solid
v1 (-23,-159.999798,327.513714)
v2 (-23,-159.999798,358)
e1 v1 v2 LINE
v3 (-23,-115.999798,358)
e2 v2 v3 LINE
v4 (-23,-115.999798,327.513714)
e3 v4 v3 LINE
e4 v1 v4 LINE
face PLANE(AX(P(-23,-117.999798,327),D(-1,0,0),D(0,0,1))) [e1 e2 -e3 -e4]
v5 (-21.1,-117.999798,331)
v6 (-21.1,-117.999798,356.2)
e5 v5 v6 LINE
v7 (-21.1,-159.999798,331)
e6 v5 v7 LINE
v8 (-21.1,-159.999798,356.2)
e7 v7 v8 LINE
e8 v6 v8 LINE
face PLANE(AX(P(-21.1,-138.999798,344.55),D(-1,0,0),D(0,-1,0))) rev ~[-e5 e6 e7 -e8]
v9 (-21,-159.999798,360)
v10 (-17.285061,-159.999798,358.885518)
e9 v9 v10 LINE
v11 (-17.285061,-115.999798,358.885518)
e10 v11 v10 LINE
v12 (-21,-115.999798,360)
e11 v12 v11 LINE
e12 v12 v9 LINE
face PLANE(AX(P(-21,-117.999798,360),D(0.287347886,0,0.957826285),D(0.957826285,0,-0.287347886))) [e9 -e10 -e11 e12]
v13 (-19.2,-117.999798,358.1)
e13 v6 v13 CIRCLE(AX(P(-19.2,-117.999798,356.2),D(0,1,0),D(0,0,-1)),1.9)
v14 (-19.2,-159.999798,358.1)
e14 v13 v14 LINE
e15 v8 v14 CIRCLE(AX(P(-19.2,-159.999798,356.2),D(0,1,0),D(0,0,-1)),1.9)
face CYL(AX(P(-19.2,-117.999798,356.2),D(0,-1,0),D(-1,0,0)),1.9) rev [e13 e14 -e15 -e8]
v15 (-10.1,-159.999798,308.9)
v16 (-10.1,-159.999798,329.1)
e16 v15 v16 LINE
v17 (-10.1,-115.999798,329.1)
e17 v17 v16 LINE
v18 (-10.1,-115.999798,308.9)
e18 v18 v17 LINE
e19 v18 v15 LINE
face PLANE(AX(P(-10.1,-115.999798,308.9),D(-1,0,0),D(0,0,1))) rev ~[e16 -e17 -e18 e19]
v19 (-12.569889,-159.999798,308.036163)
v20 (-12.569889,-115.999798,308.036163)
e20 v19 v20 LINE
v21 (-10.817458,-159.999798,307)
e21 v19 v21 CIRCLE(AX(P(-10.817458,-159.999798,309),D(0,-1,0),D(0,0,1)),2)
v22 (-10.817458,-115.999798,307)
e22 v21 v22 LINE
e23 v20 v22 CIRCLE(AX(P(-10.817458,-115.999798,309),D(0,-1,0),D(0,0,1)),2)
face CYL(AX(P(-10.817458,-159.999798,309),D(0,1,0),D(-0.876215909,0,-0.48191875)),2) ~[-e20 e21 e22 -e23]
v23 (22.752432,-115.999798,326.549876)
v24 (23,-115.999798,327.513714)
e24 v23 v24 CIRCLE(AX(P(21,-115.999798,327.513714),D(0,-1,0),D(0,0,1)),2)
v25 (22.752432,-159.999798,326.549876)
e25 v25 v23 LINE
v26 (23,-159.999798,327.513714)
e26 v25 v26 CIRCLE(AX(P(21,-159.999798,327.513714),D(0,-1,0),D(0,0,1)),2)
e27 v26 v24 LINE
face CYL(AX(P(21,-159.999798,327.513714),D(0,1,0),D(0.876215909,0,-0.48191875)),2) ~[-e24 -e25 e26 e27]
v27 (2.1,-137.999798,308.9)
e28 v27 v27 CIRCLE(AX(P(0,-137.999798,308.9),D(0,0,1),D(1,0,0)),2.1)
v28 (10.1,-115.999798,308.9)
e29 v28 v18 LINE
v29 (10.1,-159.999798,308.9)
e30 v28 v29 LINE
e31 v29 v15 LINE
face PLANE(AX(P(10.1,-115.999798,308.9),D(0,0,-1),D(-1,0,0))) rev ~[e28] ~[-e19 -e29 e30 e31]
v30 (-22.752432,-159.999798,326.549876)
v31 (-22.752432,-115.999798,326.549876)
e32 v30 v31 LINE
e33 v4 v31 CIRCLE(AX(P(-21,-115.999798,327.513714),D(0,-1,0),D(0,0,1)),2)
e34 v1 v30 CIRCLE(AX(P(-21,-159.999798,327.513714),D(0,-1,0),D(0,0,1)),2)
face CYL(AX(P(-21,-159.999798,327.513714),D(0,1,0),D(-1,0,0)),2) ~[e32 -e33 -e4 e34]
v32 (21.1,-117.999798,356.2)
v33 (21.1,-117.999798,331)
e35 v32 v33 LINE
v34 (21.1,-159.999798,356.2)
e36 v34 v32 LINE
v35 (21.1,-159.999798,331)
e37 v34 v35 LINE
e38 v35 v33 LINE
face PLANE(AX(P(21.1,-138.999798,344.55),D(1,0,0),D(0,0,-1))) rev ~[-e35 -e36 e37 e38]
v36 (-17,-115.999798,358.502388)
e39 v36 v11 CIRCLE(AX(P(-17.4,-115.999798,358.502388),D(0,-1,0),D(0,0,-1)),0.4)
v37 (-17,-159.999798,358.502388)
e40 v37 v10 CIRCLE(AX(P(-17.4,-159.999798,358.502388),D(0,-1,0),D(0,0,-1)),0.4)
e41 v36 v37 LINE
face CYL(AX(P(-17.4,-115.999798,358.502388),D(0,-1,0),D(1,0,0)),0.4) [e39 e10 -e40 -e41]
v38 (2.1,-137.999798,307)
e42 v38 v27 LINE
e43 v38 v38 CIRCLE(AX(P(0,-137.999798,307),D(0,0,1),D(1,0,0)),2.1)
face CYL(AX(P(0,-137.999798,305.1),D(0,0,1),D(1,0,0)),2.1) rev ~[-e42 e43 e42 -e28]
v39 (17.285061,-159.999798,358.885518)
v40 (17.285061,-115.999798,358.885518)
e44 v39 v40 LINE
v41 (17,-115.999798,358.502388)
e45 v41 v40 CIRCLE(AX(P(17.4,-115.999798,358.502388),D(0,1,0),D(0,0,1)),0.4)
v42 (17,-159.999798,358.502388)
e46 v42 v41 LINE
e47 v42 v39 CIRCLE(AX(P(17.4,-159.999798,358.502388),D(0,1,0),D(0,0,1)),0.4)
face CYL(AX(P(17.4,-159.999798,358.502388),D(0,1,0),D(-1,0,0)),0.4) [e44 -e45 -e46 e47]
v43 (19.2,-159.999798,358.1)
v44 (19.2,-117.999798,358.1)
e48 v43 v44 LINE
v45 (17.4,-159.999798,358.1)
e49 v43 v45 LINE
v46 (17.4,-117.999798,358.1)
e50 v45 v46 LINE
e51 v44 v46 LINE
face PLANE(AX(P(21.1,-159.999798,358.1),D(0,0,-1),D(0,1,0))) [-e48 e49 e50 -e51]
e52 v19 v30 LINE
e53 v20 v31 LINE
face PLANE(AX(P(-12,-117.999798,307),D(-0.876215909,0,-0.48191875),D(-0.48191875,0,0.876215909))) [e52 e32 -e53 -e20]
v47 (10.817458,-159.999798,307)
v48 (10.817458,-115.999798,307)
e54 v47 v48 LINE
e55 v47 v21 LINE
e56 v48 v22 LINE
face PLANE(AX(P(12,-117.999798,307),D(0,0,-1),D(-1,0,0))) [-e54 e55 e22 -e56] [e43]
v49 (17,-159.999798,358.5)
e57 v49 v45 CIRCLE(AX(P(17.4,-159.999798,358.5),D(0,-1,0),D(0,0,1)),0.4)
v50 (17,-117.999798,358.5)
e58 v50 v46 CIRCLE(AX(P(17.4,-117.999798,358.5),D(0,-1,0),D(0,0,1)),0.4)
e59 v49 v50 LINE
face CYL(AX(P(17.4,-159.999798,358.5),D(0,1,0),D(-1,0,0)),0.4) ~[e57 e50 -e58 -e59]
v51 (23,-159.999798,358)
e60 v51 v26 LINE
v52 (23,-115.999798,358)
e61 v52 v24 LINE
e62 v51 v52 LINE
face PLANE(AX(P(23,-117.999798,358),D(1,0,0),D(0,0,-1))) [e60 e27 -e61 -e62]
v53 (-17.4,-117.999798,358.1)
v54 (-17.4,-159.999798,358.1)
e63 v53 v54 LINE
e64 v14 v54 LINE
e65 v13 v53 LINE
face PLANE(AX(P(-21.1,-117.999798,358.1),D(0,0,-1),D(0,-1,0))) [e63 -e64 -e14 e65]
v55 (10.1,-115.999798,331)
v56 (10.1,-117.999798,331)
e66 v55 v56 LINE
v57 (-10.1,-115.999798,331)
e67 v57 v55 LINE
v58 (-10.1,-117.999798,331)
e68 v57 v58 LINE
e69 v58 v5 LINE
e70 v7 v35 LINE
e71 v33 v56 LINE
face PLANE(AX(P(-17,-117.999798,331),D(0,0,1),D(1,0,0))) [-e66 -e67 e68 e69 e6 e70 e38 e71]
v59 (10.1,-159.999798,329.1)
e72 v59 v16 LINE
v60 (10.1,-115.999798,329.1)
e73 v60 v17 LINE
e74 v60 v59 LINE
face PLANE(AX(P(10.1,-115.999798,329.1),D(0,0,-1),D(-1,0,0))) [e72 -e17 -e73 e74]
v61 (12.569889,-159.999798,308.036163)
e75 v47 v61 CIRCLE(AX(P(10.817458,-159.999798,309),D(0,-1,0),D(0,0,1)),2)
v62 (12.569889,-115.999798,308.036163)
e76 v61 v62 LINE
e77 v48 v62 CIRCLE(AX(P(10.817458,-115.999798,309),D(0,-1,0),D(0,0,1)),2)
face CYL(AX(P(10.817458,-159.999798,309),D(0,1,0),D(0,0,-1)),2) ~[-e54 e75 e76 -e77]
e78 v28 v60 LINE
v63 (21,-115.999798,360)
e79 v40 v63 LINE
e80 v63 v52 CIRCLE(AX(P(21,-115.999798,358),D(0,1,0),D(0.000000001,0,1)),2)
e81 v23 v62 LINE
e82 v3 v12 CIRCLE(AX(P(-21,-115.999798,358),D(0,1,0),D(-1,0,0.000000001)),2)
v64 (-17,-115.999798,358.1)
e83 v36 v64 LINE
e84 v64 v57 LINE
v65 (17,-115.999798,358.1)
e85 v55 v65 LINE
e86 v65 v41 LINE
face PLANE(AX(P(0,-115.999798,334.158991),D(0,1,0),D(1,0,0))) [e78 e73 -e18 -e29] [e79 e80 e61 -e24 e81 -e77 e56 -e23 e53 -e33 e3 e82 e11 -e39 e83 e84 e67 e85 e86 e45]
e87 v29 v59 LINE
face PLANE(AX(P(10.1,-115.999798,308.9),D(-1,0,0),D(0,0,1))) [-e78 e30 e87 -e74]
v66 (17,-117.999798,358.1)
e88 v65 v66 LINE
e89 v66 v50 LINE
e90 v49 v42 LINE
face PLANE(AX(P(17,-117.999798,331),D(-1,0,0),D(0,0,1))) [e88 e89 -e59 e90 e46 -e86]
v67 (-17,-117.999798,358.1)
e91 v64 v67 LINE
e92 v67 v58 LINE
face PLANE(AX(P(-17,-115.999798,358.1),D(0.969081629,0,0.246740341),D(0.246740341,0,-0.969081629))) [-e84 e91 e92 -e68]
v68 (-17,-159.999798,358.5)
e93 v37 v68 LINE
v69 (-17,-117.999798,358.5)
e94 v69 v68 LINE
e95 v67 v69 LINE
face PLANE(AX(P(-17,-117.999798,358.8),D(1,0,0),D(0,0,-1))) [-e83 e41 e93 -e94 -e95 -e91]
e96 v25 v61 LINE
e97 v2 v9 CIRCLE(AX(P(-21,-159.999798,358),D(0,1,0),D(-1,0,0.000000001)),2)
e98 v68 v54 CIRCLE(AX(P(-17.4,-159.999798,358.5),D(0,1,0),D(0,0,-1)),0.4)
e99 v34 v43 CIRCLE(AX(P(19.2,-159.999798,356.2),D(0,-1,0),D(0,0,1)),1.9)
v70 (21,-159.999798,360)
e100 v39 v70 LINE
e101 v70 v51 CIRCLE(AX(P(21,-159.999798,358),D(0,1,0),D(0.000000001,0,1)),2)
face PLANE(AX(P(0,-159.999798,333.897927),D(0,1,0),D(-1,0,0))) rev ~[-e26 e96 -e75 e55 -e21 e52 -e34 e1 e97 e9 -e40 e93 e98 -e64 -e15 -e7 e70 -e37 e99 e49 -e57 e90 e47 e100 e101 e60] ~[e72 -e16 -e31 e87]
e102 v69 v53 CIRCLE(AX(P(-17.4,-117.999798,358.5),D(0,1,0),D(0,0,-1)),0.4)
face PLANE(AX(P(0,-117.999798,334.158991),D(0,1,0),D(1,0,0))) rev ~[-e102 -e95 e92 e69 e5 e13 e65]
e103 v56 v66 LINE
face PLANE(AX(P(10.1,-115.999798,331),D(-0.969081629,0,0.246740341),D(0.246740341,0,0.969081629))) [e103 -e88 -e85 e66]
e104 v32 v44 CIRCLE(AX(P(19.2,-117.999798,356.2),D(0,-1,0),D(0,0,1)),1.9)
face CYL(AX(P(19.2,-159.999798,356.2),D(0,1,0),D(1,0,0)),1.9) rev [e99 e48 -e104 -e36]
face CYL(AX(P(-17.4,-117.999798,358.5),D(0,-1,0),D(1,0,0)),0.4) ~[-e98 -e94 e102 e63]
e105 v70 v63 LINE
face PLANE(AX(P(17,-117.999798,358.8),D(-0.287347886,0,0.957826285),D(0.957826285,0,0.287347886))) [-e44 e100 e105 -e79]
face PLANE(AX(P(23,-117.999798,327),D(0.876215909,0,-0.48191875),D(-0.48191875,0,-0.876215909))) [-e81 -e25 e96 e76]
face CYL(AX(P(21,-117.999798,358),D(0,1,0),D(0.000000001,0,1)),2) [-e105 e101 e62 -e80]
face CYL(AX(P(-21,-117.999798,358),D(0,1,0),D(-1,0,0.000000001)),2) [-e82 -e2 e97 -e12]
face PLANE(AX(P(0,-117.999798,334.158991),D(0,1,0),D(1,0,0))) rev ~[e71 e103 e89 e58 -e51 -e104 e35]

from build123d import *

# Parameters (mm, degrees)
SALIENTE_EXTRUIR1_DEPTH             = 2
SALIENTE_EXTRUIR2_DEPTH             = 42
CORTAR_EXTRUIR1_REACH               = 46.1
CROQUIS3_W                          = 42
CROQUIS3_H                          = 27.1
CORTAR_EXTRUIR2_REACH               = 46.1
CROQUIS4_W                          = 27.1
CROQUIS4_H                          = 42
CROQUIS5_W                          = 20.2
CROQUIS5_H                          = 20.2
CORTAR_EXTRUIR3_DEPTH               = 45
DI_METRO_DE_TALADRO_4_2_4_2_1_D     = 4.2
DI_METRO_DE_TALADRO_4_2_4_2_1_DEPTH = 1.9
REDONDEO1_R                         = 0.4
REDONDEO2_R                         = 1.9
REDONDEO3_R                         = 2


with BuildPart() as part:
    # Croquis1 → Saliente-Extruir1 (new body)
    with BuildSketch(Plane(origin=(0, -115.999797701, 0), x_dir=(1, 0, 0), z_dir=(0, 1, 0))):
        with BuildLine():
            Line((10.1, -331), (17, -358.1))
            Line((17, -358.1), (17, -358.8))
            Line((17, -358.8), (21, -360))
            ThreePointArc((21, -360), (22.414213562, -359.414213562), (23, -358))
            Line((23, -358), (23, -327))
            Line((23, -327), (12, -307))
            Line((12, -307), (-12, -307))
            Line((-12, -307), (-23, -327))
            Line((-23, -327), (-23, -358))
            ThreePointArc((-23, -358), (-22.414213562, -359.414213562), (-21, -360))
            Line((-21, -360), (-17, -358.8))
            Line((-17, -358.8), (-17, -358.1))
            Line((-17, -358.1), (-10.1, -331))
            Line((-10.1, -331), (10.1, -331))
        make_face()
    extrude(amount=-SALIENTE_EXTRUIR1_DEPTH)

    # Croquis2 → Saliente-Extruir2 (add)
    with BuildSketch(Plane.XZ.offset(117.999797701)):
        with BuildLine():
            Line((-17, 331), (17, 331))
            Line((17, 331), (17, 358.8))
            Line((17, 358.8), (21, 360))
            ThreePointArc((21, 360), (22.414213562, 359.414213562), (23, 358))
            Line((23, 358), (23, 327))
            Line((23, 327), (12, 307))
            Line((12, 307), (-12, 307))
            Line((-12, 307), (-23, 327))
            Line((-23, 327), (-23, 358))
            ThreePointArc((-23, 358), (-22.414213562, 359.414213562), (-21, 360))
            Line((-21, 360), (-17, 358.8))
            Line((-17, 358.8), (-17, 331))
        make_face()
    extrude(amount=SALIENTE_EXTRUIR2_DEPTH)

    # Croquis3 → Cortar-Extruir1 (cut, up to next)
    with BuildSketch(Plane(origin=(-21.1, 0, 0), x_dir=(0, -1, 0), z_dir=(-1, 0, 0)), mode=Mode.PRIVATE) as cortar_extruir1_sk1:
        with Locations((138.999797701, 344.55)):
            Rectangle(CROQUIS3_W, CROQUIS3_H)
    cortar_extruir1_tool1 = extrude(cortar_extruir1_sk1.sketch, amount=-CORTAR_EXTRUIR1_REACH, mode=Mode.PRIVATE) & part.part
    add(cortar_extruir1_tool1.solids().sort_by_distance((-21.1, -138.999798, 344.55))[0], mode=Mode.SUBTRACT)

    # Croquis4 → Cortar-Extruir2 (cut, up to next)
    with BuildSketch(Plane(origin=(21.1, 0, 0), x_dir=(0, 0, -1), z_dir=(1, 0, 0)), mode=Mode.PRIVATE) as cortar_extruir2_sk1:
        with Locations((-344.55, -138.999797701)):
            Rectangle(CROQUIS4_W, CROQUIS4_H)
    cortar_extruir2_tool1 = extrude(cortar_extruir2_sk1.sketch, amount=-CORTAR_EXTRUIR2_REACH, mode=Mode.PRIVATE) & part.part
    add(cortar_extruir2_tool1.solids().sort_by_distance((21.1, -138.999798, 344.55))[0], mode=Mode.SUBTRACT)

    # Croquis5 → Cortar-Extruir3 (cut, through all)
    with BuildSketch(Plane(origin=(0, -115.999797701, 0), x_dir=(-1, 0, 0), z_dir=(0, 1, 0))):
        with Locations((0, 319)):
            Rectangle(CROQUIS5_W, CROQUIS5_H)
    extrude(amount=-CORTAR_EXTRUIR3_DEPTH, mode=Mode.SUBTRACT)

    # Diámetro de taladro Ø4.2 (4.2)1
    with Locations(Plane(origin=(0, 0, 307), x_dir=(-1, 0, 0), z_dir=(0, 0, -1))):
        with Locations((0, -137.999797701)):
            Hole(DI_METRO_DE_TALADRO_4_2_4_2_1_D / 2, depth=DI_METRO_DE_TALADRO_4_2_4_2_1_DEPTH)

    # Redondeo1
    redondeo1_edges = [part.edges().sort_by_distance(p)[0] for p in [
        (-17, -137.999797701, 358.8),
        (17, -137.999797701, 358.8),
        (-17, -138.999797701, 358.1),
        (17, -138.999797701, 358.1),
    ]]
    fillet(redondeo1_edges, radius=REDONDEO1_R)

    # Redondeo2
    redondeo2_edges = [part.edges().sort_by_distance(p)[0] for p in [
        (-21.1, -138.999797701, 358.1),
        (21.1, -138.999797701, 358.1),
    ]]
    fillet(redondeo2_edges, radius=REDONDEO2_R)

    # Redondeo3
    redondeo3_edges = [part.edges().sort_by_distance(p)[0] for p in [
        (-23, -137.999797701, 327),
        (-12, -137.999797701, 307),
        (12, -137.999797701, 307),
        (23, -137.999797701, 327),
    ]]
    fillet(redondeo3_edges, radius=REDONDEO3_R)


solid = part.part
